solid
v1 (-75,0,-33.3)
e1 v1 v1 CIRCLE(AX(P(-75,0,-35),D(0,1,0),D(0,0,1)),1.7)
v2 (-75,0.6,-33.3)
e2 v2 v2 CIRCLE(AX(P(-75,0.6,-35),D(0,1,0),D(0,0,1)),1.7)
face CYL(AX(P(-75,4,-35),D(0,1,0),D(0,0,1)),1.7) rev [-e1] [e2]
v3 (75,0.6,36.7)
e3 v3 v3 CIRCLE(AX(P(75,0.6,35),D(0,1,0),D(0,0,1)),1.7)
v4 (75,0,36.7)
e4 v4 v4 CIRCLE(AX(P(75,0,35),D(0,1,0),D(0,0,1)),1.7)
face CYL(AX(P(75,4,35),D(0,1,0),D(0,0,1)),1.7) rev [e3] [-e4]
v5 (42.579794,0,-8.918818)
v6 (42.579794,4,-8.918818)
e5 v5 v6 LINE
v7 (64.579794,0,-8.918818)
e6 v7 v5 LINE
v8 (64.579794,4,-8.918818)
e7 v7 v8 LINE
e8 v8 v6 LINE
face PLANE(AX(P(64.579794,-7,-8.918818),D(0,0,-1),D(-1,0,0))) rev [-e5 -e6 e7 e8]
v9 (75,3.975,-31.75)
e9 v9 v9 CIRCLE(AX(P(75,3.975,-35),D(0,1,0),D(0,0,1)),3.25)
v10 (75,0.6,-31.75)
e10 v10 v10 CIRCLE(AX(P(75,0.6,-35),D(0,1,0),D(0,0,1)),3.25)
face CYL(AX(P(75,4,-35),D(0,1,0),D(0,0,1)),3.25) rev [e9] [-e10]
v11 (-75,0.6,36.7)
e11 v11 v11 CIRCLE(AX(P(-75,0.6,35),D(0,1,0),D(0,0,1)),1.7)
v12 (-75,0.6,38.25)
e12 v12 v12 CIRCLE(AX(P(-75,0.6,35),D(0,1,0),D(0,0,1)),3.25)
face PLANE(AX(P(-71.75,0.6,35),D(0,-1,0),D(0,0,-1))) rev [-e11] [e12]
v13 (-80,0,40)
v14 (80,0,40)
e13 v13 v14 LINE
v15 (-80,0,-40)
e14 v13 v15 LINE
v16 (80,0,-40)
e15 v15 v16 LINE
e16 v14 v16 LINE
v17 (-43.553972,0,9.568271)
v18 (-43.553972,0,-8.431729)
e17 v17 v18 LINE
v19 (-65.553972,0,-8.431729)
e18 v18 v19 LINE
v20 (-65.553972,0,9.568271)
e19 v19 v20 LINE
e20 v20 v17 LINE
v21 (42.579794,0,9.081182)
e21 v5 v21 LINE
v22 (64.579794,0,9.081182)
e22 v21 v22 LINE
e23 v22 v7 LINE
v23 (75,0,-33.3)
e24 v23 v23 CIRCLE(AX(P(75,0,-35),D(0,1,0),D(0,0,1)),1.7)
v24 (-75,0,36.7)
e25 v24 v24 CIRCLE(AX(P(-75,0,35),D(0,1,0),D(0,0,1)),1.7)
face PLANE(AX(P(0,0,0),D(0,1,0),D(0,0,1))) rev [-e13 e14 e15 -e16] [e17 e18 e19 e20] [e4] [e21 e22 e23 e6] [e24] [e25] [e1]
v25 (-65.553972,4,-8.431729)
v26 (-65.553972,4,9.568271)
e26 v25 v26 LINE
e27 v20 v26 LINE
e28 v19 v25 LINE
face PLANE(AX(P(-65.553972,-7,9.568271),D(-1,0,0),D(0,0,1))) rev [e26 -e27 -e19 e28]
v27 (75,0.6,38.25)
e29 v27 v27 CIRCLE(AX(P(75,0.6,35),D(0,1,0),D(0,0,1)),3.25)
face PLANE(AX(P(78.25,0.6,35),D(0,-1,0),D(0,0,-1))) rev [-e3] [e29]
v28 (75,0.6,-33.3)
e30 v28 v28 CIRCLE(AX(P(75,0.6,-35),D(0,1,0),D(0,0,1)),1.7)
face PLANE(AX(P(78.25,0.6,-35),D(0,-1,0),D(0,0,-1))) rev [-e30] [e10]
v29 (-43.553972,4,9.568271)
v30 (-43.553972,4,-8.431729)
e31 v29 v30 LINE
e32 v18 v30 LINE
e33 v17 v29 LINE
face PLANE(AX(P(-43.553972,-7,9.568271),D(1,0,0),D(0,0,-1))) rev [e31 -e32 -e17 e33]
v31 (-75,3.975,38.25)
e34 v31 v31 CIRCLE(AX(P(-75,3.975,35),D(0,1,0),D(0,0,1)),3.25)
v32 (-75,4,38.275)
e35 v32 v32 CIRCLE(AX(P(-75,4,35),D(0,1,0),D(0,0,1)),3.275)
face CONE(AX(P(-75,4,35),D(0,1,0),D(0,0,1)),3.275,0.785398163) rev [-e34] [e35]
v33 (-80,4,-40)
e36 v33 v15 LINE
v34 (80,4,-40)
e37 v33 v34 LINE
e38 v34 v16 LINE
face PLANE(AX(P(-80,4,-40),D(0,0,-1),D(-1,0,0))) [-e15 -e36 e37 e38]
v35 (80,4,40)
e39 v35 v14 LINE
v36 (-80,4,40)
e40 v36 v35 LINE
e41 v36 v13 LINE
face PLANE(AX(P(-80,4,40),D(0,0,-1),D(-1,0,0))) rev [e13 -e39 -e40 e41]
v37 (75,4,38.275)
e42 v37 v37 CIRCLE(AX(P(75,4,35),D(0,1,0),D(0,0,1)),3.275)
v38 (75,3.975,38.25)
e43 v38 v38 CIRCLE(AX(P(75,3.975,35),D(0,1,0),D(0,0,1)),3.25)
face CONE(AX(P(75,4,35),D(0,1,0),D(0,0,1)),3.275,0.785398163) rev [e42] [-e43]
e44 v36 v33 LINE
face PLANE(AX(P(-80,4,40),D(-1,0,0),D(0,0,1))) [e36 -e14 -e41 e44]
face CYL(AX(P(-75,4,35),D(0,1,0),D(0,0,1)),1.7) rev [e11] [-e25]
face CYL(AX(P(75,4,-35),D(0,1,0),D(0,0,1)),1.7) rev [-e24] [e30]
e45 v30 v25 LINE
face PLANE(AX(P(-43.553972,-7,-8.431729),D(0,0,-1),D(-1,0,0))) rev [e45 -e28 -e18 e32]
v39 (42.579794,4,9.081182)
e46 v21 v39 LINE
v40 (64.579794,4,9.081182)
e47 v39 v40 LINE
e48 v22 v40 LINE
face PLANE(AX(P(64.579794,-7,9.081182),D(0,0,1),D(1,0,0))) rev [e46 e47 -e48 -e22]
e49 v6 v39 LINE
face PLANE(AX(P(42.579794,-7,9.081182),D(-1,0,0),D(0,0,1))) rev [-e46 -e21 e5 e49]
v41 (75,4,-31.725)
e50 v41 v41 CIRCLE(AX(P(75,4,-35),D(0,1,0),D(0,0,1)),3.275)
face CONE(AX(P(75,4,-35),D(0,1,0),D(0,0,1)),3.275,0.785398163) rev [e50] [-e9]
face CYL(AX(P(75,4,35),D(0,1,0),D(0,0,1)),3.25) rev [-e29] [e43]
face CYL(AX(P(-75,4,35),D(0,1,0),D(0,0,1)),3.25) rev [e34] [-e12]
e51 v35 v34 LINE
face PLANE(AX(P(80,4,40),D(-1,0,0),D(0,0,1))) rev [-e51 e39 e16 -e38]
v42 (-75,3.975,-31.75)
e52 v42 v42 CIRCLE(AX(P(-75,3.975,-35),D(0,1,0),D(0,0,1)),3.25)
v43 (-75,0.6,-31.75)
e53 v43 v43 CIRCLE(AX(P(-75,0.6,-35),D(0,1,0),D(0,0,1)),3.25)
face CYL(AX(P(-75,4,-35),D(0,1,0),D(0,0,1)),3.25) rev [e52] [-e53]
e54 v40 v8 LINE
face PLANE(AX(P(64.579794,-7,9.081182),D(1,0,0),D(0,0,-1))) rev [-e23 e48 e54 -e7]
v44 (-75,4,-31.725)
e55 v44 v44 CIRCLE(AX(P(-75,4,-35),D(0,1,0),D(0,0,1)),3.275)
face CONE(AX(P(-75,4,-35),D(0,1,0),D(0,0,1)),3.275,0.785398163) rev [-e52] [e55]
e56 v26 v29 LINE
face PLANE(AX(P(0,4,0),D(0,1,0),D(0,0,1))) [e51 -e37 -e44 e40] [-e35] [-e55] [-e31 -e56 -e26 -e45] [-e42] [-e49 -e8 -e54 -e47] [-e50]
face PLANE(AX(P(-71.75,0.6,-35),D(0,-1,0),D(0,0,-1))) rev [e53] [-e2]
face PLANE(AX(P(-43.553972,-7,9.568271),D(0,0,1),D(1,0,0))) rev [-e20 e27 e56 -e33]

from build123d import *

# Parameters (mm, degrees)
SKETCH2_W                                    = 160
SKETCH2_H                                    = 80
BOSS_EXTRUDE1_DEPTH                          = 4
SKETCH3_W                                    = 22
SKETCH3_H                                    = 18
CUT_EXTRUDE1_DEPTH                           = 11
CBORE_FOR_M3_HEX_SOCKET_HEAD_CAP_SCR_2_COUNT = 2
CBORE_FOR_M3_HEX_SOCKET_HEAD_CAP_SCR_2_PITCH = 150
CBORE_FOR_M3_HEX_SOCKET_HEAD_CAP_SCR_3_COUNT = 2
CBORE_FOR_M3_HEX_SOCKET_HEAD_CAP_SCR_3_PITCH = 165.529453572
CBORE_FOR_M3_HEX_SOCKET_HEAD_CAP_SCR_4_COUNT = 2
CBORE_FOR_M3_HEX_SOCKET_HEAD_CAP_SCR_4_PITCH = 70


with BuildPart() as part:
    # Sketch2 → Boss-Extrude1 (new body)
    with BuildSketch(Plane(origin=(0, 0, 0), x_dir=(1, 0, 0), z_dir=(0, 1, 0))):
        Rectangle(SKETCH2_W, SKETCH2_H)
    extrude(amount=BOSS_EXTRUDE1_DEPTH)

    # Sketch3 → Cut-Extrude1 (cut)
    with BuildSketch(Plane(origin=(0, 4, 0), x_dir=(1, 0, 0), z_dir=(0, 1, 0))):
        with Locations((-54.553971888, -0.568270541)):
            Rectangle(SKETCH3_W, SKETCH3_H)
        with Locations((53.579793819, -0.081181506)):
            Rectangle(SKETCH3_W, SKETCH3_H)
    extrude(amount=-CUT_EXTRUDE1_DEPTH, mode=Mode.SUBTRACT)

    # Sketch7 → CBORE for M3 Hex Socket Head Cap Screw1 (revolve, cut)
    with BuildSketch(Plane(origin=(-75, 4, -35), x_dir=(0, 0, 1), z_dir=(1, 0, 0))):
        Polygon((0, 0), (0, 4), (1.7, 4), (1.7, 3.4), (3.25, 3.4), (3.25, 0.025), (3.275, 0), align=None)
    cbore_for_m3_hex_socket_head_cap_screw1 = revolve(axis=Axis((-75, 10.35, -35), (0, -1, 0)), mode=Mode.SUBTRACT)

    # CBORE for M3 Hex Socket Head Cap Scr 2: CBORE for M3 Hex Socket Head Cap Screw1 ×2
    with Locations(*[(i * CBORE_FOR_M3_HEX_SOCKET_HEAD_CAP_SCR_2_PITCH, 0, 0) for i in range(1, CBORE_FOR_M3_HEX_SOCKET_HEAD_CAP_SCR_2_COUNT)]):
        add(cbore_for_m3_hex_socket_head_cap_screw1, mode=Mode.SUBTRACT)

    # CBORE for M3 Hex Socket Head Cap Scr 3: CBORE for M3 Hex Socket Head Cap Screw1 ×2
    with Locations(*[Vector(0.9061831399952655, 0, 0.4228854653311239) * (i * CBORE_FOR_M3_HEX_SOCKET_HEAD_CAP_SCR_3_PITCH) for i in range(1, CBORE_FOR_M3_HEX_SOCKET_HEAD_CAP_SCR_3_COUNT)]):
        add(cbore_for_m3_hex_socket_head_cap_screw1, mode=Mode.SUBTRACT)

    # CBORE for M3 Hex Socket Head Cap Scr 4: CBORE for M3 Hex Socket Head Cap Screw1 ×2
    with Locations(*[(0, 0, i * CBORE_FOR_M3_HEX_SOCKET_HEAD_CAP_SCR_4_PITCH) for i in range(1, CBORE_FOR_M3_HEX_SOCKET_HEAD_CAP_SCR_4_COUNT)]):
        add(cbore_for_m3_hex_socket_head_cap_screw1, mode=Mode.SUBTRACT)


solid = part.part
